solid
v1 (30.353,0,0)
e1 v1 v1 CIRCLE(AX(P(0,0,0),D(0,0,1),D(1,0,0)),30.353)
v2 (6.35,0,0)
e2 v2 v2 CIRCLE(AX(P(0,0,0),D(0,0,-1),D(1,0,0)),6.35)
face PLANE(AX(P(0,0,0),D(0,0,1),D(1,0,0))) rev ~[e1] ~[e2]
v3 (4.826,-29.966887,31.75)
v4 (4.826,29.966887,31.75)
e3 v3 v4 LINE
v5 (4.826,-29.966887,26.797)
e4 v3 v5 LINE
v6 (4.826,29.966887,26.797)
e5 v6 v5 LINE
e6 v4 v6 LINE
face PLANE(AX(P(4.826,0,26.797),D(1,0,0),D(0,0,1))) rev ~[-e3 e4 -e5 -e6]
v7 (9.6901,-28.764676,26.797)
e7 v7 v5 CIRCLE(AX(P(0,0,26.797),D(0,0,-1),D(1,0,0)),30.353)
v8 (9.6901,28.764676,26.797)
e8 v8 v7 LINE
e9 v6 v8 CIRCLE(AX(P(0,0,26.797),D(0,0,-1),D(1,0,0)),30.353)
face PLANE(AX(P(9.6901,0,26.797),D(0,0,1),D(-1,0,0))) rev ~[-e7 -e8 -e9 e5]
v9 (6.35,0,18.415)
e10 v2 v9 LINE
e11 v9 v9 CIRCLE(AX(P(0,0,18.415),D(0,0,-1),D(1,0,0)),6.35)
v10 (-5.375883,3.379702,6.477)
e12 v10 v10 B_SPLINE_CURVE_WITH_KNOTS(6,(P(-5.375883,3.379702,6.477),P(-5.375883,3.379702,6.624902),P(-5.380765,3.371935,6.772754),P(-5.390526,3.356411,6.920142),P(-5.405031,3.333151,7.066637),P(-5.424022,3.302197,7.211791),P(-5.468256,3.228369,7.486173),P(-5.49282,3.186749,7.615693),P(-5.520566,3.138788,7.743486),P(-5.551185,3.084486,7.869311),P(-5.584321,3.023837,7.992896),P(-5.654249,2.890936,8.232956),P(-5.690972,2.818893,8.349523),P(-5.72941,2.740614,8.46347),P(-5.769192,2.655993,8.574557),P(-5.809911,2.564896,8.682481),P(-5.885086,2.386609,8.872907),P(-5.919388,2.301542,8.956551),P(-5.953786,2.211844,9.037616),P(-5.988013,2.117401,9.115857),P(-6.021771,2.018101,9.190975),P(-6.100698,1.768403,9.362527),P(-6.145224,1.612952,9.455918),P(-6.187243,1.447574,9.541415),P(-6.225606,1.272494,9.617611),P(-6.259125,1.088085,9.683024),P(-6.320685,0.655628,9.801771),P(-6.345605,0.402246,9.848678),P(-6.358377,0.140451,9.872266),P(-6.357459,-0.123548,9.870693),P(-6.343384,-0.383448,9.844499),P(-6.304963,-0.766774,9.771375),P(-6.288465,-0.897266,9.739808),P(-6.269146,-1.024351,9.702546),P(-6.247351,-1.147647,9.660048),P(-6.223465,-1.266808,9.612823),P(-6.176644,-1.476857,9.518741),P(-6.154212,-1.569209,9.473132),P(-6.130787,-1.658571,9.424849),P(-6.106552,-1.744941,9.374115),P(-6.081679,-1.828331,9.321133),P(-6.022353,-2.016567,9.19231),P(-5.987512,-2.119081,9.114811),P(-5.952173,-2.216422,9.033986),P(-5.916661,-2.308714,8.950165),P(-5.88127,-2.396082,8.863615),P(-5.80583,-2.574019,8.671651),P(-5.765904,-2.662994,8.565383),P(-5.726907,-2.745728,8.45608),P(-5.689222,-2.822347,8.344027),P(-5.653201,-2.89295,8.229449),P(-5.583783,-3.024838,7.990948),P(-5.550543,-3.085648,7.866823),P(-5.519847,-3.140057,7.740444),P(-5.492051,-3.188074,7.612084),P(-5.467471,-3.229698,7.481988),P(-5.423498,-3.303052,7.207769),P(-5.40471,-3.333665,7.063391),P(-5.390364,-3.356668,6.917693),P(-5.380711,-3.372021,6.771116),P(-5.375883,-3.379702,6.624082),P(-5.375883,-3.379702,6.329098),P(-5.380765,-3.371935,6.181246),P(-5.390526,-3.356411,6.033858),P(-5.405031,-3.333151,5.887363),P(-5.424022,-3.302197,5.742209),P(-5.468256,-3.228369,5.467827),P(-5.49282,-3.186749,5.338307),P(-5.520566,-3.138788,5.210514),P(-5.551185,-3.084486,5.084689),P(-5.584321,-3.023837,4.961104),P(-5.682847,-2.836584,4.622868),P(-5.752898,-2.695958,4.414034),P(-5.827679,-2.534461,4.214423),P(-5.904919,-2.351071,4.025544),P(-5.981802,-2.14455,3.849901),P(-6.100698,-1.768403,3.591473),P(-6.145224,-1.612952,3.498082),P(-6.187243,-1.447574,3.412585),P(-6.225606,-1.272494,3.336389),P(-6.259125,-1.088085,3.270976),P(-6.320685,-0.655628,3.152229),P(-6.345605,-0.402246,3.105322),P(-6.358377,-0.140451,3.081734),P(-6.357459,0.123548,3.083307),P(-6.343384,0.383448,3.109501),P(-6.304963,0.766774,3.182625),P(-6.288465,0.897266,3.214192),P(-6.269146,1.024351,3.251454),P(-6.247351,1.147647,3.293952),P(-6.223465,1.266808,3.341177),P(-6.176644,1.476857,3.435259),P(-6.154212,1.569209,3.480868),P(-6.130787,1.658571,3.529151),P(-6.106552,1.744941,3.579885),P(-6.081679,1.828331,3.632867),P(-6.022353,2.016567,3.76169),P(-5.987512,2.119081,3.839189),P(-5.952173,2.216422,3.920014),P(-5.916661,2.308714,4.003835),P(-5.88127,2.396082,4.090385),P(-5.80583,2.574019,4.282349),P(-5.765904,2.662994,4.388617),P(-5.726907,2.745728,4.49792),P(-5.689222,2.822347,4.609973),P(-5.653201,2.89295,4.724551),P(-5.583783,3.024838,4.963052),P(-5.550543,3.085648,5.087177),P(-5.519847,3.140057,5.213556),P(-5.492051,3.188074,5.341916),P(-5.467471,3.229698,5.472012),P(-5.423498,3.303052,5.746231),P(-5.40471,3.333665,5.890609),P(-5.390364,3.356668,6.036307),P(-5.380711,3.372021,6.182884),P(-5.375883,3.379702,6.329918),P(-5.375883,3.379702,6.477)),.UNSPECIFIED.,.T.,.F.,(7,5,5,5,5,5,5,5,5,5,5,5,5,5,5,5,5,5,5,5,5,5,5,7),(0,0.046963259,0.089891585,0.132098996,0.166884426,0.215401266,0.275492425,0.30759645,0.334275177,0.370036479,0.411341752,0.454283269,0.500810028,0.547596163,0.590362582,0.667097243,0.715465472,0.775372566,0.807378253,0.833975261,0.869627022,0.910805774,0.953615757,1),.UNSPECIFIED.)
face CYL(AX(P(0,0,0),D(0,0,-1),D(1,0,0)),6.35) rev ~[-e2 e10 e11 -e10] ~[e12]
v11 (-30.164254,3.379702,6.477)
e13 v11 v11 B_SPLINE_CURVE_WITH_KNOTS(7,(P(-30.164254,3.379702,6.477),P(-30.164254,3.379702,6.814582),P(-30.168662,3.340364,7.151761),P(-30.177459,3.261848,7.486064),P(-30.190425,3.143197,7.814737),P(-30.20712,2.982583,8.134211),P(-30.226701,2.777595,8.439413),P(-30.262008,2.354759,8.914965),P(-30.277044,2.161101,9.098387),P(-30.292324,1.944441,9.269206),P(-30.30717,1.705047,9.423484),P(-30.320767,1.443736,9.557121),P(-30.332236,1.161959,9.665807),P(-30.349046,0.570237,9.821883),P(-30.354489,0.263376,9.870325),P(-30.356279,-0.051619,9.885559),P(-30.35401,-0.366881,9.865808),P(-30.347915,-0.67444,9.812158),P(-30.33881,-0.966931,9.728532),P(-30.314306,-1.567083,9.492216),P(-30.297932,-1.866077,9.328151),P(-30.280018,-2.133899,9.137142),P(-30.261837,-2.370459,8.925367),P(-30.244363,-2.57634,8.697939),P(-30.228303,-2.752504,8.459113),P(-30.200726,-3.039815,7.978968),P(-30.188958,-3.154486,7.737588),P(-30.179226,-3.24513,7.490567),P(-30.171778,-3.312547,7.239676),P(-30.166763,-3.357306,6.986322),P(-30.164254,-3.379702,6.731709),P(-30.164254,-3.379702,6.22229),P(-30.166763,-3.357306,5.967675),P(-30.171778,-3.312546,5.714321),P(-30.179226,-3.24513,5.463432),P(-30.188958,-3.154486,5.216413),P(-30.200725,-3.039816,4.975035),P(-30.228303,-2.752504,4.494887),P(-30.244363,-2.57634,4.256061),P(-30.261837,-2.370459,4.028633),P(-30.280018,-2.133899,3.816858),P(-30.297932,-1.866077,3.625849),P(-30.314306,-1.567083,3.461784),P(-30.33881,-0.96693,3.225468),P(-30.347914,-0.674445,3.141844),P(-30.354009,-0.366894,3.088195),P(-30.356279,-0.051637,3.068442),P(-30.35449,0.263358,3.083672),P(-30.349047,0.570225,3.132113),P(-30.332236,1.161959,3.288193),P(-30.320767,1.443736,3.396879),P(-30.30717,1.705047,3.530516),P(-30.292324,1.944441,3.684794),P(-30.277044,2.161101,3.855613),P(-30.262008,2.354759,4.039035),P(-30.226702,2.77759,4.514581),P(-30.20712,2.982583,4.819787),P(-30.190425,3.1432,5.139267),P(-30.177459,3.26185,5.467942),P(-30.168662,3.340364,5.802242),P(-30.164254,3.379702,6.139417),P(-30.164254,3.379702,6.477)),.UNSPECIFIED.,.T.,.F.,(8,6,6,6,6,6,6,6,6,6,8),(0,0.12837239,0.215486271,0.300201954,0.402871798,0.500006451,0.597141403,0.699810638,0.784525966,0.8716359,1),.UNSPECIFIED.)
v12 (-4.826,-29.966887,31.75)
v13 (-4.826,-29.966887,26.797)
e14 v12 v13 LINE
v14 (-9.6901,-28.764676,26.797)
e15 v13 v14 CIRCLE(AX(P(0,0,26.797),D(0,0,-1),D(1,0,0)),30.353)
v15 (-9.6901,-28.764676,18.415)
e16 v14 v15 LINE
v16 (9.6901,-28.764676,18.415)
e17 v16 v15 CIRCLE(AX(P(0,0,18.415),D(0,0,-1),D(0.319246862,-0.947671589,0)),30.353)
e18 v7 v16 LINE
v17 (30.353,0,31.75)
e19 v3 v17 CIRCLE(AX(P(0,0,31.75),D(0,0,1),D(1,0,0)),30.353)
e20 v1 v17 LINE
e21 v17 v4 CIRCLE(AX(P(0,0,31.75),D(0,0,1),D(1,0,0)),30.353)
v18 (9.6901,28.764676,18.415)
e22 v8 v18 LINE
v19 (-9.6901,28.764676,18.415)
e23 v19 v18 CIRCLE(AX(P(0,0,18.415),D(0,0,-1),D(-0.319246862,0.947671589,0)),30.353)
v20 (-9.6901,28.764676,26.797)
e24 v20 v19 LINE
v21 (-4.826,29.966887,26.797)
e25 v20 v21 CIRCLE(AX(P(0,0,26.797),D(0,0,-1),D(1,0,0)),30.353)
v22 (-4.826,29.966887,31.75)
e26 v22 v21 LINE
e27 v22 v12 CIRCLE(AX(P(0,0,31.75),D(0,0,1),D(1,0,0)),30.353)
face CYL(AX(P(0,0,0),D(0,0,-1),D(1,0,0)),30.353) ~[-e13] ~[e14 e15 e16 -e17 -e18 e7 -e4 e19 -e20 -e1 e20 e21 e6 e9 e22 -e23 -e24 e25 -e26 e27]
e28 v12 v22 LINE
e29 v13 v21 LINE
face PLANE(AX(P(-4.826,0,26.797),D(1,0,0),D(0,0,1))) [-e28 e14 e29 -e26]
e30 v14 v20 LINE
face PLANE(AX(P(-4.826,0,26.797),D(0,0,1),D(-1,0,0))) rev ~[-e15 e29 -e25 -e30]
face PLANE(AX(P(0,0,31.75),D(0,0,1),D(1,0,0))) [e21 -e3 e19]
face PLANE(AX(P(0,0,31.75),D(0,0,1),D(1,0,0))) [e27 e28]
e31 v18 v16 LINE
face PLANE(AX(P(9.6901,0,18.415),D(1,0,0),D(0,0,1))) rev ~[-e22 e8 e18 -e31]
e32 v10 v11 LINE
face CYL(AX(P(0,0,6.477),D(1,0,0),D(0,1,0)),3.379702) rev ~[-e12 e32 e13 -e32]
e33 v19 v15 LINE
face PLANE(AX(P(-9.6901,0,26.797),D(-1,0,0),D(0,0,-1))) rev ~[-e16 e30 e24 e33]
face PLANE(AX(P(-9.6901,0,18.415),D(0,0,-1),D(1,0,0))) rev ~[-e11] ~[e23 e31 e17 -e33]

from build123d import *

# Parameters (mm, degrees)
F0_R     = 30.353
F1_DEPTH = 31.75
F2_R     = 6.35
F3_DEPTH = 18.415
F4_W     = 9.652
F4_H     = 6.5577
F5_DEPTH = 30.353
F6_R     = 3.379702
F7_DEPTH = 60.706


with BuildPart() as f1:
    # F0 (on Top) → F1 (new body)
    with BuildSketch(Plane.XY):
        Circle(F0_R)
    extrude(amount=F1_DEPTH)

    # F2 (on face) → F3 (cut)
    with BuildSketch(Plane(origin=(0, 0, 0), x_dir=(1, 0, 0), z_dir=(0, 0, -1))):
        Circle(F2_R)
    extrude(amount=-F3_DEPTH, mode=Mode.SUBTRACT)

    # F4 (on Front) → F5 (cut, symmetric)
    with BuildSketch(Plane.XZ):
        Polygon((-4.826, 26.797), (-9.6901, 26.797), (-9.6901, 18.415), (9.6901, 18.415), (9.6901, 26.797), (4.826, 26.797), align=None)
        with Locations((0, 30.07585)):
            Rectangle(F4_W, F4_H)
    extrude(amount=F5_DEPTH, both=True, mode=Mode.SUBTRACT)

    # F6 (on Right) → F7 (cut)
    with BuildSketch(Plane.YZ):
        with Locations((0, 6.477)):
            Circle(F6_R)
    extrude(amount=-F7_DEPTH, mode=Mode.SUBTRACT)


solid = f1.part
